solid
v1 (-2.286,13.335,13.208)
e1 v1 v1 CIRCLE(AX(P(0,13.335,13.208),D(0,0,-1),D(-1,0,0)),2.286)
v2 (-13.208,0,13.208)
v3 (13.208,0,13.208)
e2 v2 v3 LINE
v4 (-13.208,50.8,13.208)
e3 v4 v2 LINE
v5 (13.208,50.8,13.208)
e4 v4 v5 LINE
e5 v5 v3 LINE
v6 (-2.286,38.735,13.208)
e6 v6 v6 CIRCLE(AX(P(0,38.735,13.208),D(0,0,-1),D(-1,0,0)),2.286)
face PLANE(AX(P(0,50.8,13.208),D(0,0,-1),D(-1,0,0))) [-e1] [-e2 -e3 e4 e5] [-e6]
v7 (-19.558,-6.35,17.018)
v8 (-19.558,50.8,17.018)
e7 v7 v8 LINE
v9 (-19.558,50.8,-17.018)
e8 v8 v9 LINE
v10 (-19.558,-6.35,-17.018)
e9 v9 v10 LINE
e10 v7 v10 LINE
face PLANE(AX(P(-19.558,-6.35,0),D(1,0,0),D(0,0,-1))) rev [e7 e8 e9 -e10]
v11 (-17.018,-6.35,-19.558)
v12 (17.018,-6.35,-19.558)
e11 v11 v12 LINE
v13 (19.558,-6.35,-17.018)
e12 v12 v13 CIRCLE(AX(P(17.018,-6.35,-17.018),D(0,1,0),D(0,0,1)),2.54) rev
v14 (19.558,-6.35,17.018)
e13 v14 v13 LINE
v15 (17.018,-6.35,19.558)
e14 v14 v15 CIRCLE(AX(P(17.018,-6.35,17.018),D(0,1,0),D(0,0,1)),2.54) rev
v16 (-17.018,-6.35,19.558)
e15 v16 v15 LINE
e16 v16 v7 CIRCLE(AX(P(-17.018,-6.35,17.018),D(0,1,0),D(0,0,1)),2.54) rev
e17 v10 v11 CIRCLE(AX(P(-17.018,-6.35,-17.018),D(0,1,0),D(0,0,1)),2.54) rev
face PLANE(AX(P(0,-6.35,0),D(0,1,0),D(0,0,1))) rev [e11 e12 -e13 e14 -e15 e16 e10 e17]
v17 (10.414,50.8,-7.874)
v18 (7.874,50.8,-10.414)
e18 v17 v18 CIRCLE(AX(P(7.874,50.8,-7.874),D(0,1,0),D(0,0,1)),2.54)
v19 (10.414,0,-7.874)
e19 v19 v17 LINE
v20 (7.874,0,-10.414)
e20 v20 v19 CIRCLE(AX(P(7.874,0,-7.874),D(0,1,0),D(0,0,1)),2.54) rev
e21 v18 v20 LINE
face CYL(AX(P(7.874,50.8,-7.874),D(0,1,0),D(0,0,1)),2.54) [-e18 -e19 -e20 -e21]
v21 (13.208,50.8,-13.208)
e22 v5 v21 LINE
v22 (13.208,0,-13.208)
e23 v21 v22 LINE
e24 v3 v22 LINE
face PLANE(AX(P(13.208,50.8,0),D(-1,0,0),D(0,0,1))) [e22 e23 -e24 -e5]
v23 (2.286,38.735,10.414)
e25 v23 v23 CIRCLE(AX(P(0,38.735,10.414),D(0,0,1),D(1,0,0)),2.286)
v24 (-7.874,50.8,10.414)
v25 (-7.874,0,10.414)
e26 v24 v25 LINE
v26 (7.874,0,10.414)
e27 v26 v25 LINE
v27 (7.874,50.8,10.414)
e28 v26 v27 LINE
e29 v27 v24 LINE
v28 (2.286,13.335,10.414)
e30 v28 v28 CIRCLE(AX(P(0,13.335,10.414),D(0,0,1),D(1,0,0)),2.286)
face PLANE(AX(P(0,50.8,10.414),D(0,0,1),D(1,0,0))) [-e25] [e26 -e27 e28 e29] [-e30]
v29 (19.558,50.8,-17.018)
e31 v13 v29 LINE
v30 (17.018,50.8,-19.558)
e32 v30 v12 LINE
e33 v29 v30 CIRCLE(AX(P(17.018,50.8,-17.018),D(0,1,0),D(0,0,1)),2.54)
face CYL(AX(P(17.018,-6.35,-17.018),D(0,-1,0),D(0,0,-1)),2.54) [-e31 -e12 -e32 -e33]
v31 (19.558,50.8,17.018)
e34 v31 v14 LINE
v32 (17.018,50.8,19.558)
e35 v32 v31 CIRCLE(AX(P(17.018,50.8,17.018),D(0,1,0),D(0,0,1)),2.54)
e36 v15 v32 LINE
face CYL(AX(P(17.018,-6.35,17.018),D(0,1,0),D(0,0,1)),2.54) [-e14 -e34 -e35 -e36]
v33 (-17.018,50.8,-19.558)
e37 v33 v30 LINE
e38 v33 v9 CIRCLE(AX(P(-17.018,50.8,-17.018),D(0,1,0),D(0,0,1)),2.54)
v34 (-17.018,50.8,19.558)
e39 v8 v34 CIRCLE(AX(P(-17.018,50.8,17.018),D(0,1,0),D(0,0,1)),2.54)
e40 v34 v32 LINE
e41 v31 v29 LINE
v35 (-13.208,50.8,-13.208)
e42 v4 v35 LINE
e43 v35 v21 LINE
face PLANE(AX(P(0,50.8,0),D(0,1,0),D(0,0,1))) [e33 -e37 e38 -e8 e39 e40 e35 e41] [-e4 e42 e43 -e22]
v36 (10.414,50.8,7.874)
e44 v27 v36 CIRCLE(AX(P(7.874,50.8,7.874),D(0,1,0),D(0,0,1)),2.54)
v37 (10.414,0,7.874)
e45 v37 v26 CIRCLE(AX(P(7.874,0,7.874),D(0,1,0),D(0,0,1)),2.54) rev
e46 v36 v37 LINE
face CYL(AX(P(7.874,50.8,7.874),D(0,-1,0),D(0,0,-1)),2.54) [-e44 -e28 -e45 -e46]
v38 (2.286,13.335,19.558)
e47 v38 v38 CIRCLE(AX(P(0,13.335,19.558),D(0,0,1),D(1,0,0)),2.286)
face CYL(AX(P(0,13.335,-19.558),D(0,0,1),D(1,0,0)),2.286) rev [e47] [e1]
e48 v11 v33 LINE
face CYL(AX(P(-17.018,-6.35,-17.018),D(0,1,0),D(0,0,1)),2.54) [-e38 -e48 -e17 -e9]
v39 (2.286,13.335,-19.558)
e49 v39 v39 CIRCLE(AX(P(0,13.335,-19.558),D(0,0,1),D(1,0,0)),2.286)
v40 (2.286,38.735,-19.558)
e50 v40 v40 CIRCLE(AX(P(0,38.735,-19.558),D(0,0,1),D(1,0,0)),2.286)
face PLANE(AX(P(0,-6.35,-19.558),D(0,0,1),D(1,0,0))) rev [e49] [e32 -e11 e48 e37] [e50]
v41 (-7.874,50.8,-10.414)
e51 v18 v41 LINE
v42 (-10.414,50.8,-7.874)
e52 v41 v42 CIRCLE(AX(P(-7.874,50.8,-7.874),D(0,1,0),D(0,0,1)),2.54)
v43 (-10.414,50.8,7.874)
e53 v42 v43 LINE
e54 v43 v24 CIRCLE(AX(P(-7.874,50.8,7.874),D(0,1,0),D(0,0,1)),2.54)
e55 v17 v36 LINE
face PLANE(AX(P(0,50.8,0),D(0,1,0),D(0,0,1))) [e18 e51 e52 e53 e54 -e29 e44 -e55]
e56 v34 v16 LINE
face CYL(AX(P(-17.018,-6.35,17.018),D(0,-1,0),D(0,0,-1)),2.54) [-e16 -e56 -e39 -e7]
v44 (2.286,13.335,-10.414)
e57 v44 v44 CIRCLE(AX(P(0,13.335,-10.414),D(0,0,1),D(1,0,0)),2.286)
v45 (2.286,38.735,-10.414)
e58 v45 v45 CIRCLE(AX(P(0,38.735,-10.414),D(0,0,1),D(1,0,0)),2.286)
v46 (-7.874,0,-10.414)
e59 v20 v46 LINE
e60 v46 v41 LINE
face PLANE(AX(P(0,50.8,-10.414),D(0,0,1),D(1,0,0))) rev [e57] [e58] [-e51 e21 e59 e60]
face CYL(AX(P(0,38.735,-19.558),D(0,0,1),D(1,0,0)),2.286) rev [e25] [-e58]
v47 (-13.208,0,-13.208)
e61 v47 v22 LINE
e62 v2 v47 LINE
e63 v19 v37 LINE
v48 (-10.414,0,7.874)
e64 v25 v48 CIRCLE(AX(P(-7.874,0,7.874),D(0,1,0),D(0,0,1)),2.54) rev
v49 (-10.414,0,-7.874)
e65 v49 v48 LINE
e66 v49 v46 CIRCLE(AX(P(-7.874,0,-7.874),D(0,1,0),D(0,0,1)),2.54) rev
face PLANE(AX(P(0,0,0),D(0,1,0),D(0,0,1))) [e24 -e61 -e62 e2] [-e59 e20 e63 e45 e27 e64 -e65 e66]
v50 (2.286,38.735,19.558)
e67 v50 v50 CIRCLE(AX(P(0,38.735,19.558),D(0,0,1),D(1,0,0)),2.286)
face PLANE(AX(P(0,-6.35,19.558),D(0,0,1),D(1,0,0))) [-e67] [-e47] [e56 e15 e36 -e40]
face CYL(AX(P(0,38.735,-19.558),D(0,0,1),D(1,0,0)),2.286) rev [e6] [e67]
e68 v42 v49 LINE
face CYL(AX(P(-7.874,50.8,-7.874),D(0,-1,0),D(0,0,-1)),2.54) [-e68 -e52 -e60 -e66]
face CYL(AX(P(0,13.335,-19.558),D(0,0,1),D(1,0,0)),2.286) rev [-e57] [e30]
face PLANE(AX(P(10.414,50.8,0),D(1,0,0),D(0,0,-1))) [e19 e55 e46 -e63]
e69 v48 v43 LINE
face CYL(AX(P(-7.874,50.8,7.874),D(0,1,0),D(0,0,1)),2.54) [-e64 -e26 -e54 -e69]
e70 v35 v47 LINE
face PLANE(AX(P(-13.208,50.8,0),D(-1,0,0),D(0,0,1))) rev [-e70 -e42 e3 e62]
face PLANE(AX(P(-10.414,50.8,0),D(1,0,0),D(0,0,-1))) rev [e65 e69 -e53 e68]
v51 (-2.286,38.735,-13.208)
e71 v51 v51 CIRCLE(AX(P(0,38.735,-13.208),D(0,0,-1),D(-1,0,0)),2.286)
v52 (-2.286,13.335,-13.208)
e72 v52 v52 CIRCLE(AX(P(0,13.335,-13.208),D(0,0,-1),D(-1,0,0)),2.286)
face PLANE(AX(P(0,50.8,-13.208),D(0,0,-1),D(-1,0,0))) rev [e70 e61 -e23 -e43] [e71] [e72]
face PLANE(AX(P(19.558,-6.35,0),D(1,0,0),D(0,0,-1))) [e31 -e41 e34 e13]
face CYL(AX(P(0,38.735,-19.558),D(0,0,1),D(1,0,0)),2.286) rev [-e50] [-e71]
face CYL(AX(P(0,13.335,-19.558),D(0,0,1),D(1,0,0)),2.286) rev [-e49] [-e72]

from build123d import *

# Parameters (mm, degrees)
SKETCH1_W             = 39.116
SKETCH1_H             = 39.116
SKETCH1_W_2           = 26.416
SKETCH1_H_2           = 26.416
BOSS_EXTRUDE1_DEPTH   = 50.8
SKETCH1_W_3           = 20.828
SKETCH1_H_3           = 20.828
BOSS_EXTRUDE1_2_DEPTH = 50.8
SKETCH2_R             = 2.286
CUT_EXTRUDE1_DEPTH    = 68.031461419
SKETCH1_2_W           = 39.116
SKETCH1_2_H           = 39.116
BOSS_EXTRUDE2_DEPTH   = 6.35
FILLET1_R             = 2.54


with BuildPart() as part:
    # Sketch1 → Boss-Extrude1 (new body)
    with BuildSketch(Plane(origin=(0, 0, 0), x_dir=(1, 0, 0), z_dir=(0, 1, 0))):
        Rectangle(SKETCH1_W, SKETCH1_H)
        Rectangle(SKETCH1_W_2, SKETCH1_H_2, mode=Mode.SUBTRACT)
    extrude(amount=BOSS_EXTRUDE1_DEPTH)


with BuildPart() as body_2:
    # Sketch1 → Boss-Extrude1 2 (new body)
    with BuildSketch(Plane(origin=(0, 0, 0), x_dir=(1, 0, 0), z_dir=(0, 1, 0))):
        Rectangle(SKETCH1_W_3, SKETCH1_H_3)
    extrude(amount=BOSS_EXTRUDE1_2_DEPTH)


with BuildPart() as cut_extrude1_tool:
    # Sketch2 → Cut-Extrude1 (new, through all)
    with BuildSketch(Plane.XY.offset(19.558)):
        with Locations((0, 13.335)):
            Circle(SKETCH2_R)
        with Locations((0, 38.735)):
            Circle(SKETCH2_R)
    extrude(amount=-CUT_EXTRUDE1_DEPTH)


with BuildPart() as part_1:
    add(part.part)

    # Cut-Extrude1: cut by cut_extrude1_tool
    add(cut_extrude1_tool.part, mode=Mode.SUBTRACT)



with BuildPart() as body_2_1:
    add(body_2.part)

    # Cut-Extrude1: cut by cut_extrude1_tool
    add(cut_extrude1_tool.part, mode=Mode.SUBTRACT)


with BuildPart() as part_2:
    add(part_1.part)

    add(body_2_1.part)  # Boss-Extrude2 merges body 2
    # Sketch1<2> → Boss-Extrude2 (add)
    with BuildSketch(Plane(origin=(0, 0, 0), x_dir=(1, 0, 0), z_dir=(0, 1, 0))):
        Rectangle(SKETCH1_2_W, SKETCH1_2_H)
    extrude(amount=-BOSS_EXTRUDE2_DEPTH)

    # Fillet1
    fillet1_edges = [part_2.edges().sort_by_distance(p)[0] for p in [
        (19.558, 22.225, -19.558),
        (-19.558, 22.225, -19.558),
        (19.558, 22.225, 19.558),
        (-19.558, 22.225, 19.558),
        (10.414, 25.4, -10.414),
        (-10.414, 25.4, 10.414),
        (10.414, 25.4, 10.414),
        (-10.414, 25.4, -10.414),
    ]]
    fillet(fillet1_edges, radius=FILLET1_R)


solid = part_2.part
